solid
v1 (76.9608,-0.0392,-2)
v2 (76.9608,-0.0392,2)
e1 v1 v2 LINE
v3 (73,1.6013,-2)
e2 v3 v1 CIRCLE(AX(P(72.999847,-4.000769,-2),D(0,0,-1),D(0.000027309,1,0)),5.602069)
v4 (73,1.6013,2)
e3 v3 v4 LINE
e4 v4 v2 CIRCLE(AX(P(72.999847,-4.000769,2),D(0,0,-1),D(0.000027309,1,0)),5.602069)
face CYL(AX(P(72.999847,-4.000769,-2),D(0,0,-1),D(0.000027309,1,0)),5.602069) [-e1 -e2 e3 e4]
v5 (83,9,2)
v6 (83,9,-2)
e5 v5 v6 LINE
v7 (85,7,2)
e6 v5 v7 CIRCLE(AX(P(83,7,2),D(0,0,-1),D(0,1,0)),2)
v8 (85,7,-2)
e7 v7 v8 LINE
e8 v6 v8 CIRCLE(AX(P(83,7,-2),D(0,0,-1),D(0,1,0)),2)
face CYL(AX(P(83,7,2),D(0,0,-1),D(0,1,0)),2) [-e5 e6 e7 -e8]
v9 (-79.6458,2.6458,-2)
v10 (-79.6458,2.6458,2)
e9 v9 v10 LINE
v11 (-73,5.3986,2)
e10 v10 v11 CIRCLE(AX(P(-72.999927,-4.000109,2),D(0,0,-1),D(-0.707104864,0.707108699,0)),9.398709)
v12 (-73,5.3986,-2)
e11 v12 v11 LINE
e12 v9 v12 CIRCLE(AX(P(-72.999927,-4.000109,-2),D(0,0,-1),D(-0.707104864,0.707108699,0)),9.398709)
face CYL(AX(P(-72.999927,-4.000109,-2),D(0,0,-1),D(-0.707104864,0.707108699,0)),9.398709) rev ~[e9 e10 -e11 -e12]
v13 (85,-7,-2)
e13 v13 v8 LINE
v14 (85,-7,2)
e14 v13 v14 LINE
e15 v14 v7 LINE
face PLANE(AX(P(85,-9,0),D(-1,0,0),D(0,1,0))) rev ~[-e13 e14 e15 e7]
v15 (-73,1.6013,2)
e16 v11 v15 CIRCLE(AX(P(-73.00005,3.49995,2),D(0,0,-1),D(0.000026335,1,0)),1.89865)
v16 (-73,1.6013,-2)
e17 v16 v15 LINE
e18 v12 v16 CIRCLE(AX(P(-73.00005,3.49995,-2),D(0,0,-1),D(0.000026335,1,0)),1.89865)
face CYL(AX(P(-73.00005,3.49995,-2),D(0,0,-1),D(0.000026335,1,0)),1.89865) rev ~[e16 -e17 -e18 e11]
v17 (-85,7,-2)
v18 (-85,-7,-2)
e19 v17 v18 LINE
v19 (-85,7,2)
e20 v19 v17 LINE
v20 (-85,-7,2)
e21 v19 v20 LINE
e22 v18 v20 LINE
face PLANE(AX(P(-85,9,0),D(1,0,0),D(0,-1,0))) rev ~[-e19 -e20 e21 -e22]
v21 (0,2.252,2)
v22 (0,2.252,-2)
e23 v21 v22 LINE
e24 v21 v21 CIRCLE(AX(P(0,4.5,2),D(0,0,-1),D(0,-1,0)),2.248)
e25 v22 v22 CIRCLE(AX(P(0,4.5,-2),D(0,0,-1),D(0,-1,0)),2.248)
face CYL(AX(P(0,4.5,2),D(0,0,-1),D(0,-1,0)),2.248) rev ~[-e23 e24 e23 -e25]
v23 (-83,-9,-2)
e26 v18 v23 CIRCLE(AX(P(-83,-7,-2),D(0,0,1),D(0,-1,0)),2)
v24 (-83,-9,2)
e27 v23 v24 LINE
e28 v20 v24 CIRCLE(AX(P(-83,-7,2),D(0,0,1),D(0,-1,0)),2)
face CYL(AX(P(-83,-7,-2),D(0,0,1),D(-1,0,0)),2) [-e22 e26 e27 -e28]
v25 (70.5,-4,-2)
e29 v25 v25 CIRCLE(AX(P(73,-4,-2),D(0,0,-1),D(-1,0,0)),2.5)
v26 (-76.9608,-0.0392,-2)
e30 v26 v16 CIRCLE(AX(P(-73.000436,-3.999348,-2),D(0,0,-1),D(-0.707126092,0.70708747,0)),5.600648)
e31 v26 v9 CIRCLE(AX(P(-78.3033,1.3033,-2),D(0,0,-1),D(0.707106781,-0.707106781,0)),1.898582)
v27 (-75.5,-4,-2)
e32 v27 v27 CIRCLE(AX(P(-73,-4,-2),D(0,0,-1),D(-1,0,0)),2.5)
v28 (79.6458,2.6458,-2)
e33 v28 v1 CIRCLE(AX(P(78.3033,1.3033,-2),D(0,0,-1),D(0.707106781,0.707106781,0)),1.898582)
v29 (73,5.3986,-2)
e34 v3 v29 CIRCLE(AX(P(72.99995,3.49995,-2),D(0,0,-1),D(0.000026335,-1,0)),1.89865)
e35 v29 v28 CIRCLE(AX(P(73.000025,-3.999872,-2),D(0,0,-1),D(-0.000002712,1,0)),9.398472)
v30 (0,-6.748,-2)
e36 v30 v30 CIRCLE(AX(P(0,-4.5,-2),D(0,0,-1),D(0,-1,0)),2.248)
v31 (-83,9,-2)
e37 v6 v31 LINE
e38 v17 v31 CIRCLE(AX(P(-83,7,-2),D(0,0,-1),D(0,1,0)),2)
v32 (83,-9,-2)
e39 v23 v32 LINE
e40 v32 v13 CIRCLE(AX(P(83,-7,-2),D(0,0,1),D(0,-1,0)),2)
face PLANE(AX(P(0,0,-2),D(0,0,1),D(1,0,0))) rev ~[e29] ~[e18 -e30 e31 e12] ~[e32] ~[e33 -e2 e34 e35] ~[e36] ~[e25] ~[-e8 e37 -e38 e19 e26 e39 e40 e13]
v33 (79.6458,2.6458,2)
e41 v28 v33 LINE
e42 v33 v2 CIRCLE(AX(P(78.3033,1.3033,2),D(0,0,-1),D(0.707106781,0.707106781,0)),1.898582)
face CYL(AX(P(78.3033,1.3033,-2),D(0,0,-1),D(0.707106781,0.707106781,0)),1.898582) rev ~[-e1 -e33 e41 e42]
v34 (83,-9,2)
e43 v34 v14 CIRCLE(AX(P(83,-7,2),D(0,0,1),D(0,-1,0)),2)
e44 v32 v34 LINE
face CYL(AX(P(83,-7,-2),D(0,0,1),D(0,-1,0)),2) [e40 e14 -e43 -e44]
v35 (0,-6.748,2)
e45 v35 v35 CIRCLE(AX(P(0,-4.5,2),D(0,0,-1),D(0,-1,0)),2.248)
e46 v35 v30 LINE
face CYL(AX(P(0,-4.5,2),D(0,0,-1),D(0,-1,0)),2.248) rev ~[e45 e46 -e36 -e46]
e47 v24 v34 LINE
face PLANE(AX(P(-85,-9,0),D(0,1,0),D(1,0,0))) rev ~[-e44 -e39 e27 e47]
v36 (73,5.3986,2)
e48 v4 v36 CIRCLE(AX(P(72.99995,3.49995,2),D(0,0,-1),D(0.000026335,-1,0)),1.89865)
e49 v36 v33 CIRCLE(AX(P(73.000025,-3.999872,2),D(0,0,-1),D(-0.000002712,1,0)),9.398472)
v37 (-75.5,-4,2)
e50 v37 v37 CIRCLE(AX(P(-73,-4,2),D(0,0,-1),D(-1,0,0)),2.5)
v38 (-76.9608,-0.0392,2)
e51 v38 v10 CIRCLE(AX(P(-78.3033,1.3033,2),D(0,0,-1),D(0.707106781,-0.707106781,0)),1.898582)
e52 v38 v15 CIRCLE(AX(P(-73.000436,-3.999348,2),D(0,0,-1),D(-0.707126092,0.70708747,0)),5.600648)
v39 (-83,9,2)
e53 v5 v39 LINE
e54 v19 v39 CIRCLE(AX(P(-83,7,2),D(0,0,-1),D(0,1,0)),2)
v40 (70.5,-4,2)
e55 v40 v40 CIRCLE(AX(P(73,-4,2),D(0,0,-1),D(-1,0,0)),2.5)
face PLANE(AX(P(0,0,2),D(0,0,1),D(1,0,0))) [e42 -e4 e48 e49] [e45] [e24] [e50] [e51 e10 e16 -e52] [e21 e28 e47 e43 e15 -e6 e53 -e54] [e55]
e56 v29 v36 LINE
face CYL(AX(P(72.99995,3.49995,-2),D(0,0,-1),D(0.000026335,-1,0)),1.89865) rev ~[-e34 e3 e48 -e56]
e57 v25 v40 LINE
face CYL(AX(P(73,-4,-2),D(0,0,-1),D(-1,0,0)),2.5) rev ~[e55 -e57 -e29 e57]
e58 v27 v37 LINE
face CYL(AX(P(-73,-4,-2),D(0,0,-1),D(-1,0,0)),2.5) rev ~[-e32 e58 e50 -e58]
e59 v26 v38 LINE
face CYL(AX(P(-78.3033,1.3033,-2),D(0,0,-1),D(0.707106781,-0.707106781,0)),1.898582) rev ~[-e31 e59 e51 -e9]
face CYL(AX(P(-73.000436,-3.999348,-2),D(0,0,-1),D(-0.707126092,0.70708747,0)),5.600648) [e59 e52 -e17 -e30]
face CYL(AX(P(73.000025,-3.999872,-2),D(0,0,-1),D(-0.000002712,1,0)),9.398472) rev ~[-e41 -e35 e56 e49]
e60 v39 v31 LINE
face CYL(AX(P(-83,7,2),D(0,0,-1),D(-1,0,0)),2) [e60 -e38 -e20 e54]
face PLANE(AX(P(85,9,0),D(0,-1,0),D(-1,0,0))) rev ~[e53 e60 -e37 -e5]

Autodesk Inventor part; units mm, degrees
ref_plane "YZ Plane" through (0, 0, 0) normal (1, 0, 0) x (0, 1, 0)
ref_plane "XZ Plane" through (0, 0, 0) normal (0, 1, 0) x (-1, 0, 0)
ref_plane "XY Plane" through (0, 0, 0) normal (0, 0, 1) x (1, 0, 0)
sketch "Sketch1" plane through (0, 0, 0) normal (0, 0, 1) x (1, 0, 0)
  line L0 (-85, -9) -> (85, -9)
  line L1 (85, -9) -> (85, 9)
  line L2 (85, 9) -> (-85, 9)
  line L3 (-85, 9) -> (-85, -9)
  line L4 (-85, -9) -> (85, 9) construction
  line L5 (85, -9) -> (-85, 9) construction
  point P0 (0, 0)
  dimension "d3" = 18
  dimension "d26" = 170
extrude "Extrusion1" add sketch "Sketch1" along normal mid plane 4
sketch "Sketch2" plane through (0, 0, -2) normal (0, 0, -1) x (-1, 0, 0)
  line L0 (0, -15) -> (0, 15) construction
  line L1 (85, 9) -> (-85, 9) projected
  circle A0 centre (73, -4) radius 2.5
  arc A1 (73, 5.3986) -> (73, 1.6013) centre (73, 3.5) ccw
  line L2 (73, 3.5) -> (73, -4) construction
  line L3 (73, -4) -> (78.3033, -4) construction
  circle A2 centre (73, -4) radius 7.5 construction
  arc A3 (76.9608, -0.0392) -> (79.6458, 2.6458) centre (78.3033, 1.3033) ccw
  arc A4 (79.6458, 2.6458) -> (73, 5.3986) centre (73, -4) ccw
  arc A5 (76.9608, -0.0392) -> (73, 1.6013) centre (73, -4) ccw
  line L4 (85, -10.7625) -> (85, 10.7625) construction
  line L5 (73, -4) -> (78.3033, 1.3033) construction
  line L6 (78.3033, 1.3033) -> (78.3033, -4) construction
  line L7 (85, -9) -> (85, 9) projected
  line L8 (-85, -9) -> (85, -9) projected
  line L9 (-73, 3.5) -> (-73, -4) construction
  arc A6 (-73, 1.6013) -> (-73, 5.3986) centre (-73, 3.5) ccw
  circle A7 centre (-73, -4) radius 2.5
  arc A8 (-73, 1.6013) -> (-76.9608, -0.0392) centre (-73, -4) ccw
  line L10 (-73, -4) -> (-78.3033, -4) construction
  line L11 (-73, -4) -> (-78.3033, 1.3033) construction
  line L12 (-78.3033, 1.3033) -> (-78.3033, -4) construction
  circle A9 centre (-73, -4) radius 7.5 construction
  arc A10 (-73, 5.3986) -> (-79.6458, 2.6458) centre (-73, -4) ccw
  arc A11 (-79.6458, 2.6458) -> (-76.9608, -0.0392) centre (-78.3033, 1.3033) ccw
  line L13 (-85, -10.7625) -> (-85, 10.7625) construction
  line L14 (-85, -9) -> (-85, 9)
  point P0 (0, 0)
  point P1 (85, 0)
  point P2 (-85, 0)
  dimension "d40" = 5
  dimension "d41" = 3.7973
  dimension "d42" = 3.7973
  dimension "d43" = 15
  dimension "d44" = 12
  dimension "d45" = 5
extrude "Extrusion2" cut sketch "Sketch2" against normal through all contours A0 | A4 A3 A5 A1 | A8 A11 A10 A6 | A7
fillet "Fillet1" radius 2 4 edges at (-85, 9, 0) (-85, -9, 0) (85, 9, 0) (85, -9, 0)
sketch "Sketch5" plane through (0, 0, 2) normal (0, 0, 1) x (1, 0, 0)
  line L0 (0, -9) -> (0, 0) construction
  line L1 (0, 0) -> (0, 9) construction
  line L2 (83, 9) -> (-83, 9) construction
  line L3 (-83, -9) -> (83, -9) construction
  point P0 (0, -4.5)
  point P1 (0, 4.5)
hole "Hole2" at (0, -4.5, 2) at (0, 4.5, 2) direction (0, 0, -1) diameter 4.496 end through all clearance for "Flat Head Machine Screw (82)" size "#8" standard "Ansi Unified Screw Threads"
equation "\"d42\" = d41"
properties part number "CameraBase"
